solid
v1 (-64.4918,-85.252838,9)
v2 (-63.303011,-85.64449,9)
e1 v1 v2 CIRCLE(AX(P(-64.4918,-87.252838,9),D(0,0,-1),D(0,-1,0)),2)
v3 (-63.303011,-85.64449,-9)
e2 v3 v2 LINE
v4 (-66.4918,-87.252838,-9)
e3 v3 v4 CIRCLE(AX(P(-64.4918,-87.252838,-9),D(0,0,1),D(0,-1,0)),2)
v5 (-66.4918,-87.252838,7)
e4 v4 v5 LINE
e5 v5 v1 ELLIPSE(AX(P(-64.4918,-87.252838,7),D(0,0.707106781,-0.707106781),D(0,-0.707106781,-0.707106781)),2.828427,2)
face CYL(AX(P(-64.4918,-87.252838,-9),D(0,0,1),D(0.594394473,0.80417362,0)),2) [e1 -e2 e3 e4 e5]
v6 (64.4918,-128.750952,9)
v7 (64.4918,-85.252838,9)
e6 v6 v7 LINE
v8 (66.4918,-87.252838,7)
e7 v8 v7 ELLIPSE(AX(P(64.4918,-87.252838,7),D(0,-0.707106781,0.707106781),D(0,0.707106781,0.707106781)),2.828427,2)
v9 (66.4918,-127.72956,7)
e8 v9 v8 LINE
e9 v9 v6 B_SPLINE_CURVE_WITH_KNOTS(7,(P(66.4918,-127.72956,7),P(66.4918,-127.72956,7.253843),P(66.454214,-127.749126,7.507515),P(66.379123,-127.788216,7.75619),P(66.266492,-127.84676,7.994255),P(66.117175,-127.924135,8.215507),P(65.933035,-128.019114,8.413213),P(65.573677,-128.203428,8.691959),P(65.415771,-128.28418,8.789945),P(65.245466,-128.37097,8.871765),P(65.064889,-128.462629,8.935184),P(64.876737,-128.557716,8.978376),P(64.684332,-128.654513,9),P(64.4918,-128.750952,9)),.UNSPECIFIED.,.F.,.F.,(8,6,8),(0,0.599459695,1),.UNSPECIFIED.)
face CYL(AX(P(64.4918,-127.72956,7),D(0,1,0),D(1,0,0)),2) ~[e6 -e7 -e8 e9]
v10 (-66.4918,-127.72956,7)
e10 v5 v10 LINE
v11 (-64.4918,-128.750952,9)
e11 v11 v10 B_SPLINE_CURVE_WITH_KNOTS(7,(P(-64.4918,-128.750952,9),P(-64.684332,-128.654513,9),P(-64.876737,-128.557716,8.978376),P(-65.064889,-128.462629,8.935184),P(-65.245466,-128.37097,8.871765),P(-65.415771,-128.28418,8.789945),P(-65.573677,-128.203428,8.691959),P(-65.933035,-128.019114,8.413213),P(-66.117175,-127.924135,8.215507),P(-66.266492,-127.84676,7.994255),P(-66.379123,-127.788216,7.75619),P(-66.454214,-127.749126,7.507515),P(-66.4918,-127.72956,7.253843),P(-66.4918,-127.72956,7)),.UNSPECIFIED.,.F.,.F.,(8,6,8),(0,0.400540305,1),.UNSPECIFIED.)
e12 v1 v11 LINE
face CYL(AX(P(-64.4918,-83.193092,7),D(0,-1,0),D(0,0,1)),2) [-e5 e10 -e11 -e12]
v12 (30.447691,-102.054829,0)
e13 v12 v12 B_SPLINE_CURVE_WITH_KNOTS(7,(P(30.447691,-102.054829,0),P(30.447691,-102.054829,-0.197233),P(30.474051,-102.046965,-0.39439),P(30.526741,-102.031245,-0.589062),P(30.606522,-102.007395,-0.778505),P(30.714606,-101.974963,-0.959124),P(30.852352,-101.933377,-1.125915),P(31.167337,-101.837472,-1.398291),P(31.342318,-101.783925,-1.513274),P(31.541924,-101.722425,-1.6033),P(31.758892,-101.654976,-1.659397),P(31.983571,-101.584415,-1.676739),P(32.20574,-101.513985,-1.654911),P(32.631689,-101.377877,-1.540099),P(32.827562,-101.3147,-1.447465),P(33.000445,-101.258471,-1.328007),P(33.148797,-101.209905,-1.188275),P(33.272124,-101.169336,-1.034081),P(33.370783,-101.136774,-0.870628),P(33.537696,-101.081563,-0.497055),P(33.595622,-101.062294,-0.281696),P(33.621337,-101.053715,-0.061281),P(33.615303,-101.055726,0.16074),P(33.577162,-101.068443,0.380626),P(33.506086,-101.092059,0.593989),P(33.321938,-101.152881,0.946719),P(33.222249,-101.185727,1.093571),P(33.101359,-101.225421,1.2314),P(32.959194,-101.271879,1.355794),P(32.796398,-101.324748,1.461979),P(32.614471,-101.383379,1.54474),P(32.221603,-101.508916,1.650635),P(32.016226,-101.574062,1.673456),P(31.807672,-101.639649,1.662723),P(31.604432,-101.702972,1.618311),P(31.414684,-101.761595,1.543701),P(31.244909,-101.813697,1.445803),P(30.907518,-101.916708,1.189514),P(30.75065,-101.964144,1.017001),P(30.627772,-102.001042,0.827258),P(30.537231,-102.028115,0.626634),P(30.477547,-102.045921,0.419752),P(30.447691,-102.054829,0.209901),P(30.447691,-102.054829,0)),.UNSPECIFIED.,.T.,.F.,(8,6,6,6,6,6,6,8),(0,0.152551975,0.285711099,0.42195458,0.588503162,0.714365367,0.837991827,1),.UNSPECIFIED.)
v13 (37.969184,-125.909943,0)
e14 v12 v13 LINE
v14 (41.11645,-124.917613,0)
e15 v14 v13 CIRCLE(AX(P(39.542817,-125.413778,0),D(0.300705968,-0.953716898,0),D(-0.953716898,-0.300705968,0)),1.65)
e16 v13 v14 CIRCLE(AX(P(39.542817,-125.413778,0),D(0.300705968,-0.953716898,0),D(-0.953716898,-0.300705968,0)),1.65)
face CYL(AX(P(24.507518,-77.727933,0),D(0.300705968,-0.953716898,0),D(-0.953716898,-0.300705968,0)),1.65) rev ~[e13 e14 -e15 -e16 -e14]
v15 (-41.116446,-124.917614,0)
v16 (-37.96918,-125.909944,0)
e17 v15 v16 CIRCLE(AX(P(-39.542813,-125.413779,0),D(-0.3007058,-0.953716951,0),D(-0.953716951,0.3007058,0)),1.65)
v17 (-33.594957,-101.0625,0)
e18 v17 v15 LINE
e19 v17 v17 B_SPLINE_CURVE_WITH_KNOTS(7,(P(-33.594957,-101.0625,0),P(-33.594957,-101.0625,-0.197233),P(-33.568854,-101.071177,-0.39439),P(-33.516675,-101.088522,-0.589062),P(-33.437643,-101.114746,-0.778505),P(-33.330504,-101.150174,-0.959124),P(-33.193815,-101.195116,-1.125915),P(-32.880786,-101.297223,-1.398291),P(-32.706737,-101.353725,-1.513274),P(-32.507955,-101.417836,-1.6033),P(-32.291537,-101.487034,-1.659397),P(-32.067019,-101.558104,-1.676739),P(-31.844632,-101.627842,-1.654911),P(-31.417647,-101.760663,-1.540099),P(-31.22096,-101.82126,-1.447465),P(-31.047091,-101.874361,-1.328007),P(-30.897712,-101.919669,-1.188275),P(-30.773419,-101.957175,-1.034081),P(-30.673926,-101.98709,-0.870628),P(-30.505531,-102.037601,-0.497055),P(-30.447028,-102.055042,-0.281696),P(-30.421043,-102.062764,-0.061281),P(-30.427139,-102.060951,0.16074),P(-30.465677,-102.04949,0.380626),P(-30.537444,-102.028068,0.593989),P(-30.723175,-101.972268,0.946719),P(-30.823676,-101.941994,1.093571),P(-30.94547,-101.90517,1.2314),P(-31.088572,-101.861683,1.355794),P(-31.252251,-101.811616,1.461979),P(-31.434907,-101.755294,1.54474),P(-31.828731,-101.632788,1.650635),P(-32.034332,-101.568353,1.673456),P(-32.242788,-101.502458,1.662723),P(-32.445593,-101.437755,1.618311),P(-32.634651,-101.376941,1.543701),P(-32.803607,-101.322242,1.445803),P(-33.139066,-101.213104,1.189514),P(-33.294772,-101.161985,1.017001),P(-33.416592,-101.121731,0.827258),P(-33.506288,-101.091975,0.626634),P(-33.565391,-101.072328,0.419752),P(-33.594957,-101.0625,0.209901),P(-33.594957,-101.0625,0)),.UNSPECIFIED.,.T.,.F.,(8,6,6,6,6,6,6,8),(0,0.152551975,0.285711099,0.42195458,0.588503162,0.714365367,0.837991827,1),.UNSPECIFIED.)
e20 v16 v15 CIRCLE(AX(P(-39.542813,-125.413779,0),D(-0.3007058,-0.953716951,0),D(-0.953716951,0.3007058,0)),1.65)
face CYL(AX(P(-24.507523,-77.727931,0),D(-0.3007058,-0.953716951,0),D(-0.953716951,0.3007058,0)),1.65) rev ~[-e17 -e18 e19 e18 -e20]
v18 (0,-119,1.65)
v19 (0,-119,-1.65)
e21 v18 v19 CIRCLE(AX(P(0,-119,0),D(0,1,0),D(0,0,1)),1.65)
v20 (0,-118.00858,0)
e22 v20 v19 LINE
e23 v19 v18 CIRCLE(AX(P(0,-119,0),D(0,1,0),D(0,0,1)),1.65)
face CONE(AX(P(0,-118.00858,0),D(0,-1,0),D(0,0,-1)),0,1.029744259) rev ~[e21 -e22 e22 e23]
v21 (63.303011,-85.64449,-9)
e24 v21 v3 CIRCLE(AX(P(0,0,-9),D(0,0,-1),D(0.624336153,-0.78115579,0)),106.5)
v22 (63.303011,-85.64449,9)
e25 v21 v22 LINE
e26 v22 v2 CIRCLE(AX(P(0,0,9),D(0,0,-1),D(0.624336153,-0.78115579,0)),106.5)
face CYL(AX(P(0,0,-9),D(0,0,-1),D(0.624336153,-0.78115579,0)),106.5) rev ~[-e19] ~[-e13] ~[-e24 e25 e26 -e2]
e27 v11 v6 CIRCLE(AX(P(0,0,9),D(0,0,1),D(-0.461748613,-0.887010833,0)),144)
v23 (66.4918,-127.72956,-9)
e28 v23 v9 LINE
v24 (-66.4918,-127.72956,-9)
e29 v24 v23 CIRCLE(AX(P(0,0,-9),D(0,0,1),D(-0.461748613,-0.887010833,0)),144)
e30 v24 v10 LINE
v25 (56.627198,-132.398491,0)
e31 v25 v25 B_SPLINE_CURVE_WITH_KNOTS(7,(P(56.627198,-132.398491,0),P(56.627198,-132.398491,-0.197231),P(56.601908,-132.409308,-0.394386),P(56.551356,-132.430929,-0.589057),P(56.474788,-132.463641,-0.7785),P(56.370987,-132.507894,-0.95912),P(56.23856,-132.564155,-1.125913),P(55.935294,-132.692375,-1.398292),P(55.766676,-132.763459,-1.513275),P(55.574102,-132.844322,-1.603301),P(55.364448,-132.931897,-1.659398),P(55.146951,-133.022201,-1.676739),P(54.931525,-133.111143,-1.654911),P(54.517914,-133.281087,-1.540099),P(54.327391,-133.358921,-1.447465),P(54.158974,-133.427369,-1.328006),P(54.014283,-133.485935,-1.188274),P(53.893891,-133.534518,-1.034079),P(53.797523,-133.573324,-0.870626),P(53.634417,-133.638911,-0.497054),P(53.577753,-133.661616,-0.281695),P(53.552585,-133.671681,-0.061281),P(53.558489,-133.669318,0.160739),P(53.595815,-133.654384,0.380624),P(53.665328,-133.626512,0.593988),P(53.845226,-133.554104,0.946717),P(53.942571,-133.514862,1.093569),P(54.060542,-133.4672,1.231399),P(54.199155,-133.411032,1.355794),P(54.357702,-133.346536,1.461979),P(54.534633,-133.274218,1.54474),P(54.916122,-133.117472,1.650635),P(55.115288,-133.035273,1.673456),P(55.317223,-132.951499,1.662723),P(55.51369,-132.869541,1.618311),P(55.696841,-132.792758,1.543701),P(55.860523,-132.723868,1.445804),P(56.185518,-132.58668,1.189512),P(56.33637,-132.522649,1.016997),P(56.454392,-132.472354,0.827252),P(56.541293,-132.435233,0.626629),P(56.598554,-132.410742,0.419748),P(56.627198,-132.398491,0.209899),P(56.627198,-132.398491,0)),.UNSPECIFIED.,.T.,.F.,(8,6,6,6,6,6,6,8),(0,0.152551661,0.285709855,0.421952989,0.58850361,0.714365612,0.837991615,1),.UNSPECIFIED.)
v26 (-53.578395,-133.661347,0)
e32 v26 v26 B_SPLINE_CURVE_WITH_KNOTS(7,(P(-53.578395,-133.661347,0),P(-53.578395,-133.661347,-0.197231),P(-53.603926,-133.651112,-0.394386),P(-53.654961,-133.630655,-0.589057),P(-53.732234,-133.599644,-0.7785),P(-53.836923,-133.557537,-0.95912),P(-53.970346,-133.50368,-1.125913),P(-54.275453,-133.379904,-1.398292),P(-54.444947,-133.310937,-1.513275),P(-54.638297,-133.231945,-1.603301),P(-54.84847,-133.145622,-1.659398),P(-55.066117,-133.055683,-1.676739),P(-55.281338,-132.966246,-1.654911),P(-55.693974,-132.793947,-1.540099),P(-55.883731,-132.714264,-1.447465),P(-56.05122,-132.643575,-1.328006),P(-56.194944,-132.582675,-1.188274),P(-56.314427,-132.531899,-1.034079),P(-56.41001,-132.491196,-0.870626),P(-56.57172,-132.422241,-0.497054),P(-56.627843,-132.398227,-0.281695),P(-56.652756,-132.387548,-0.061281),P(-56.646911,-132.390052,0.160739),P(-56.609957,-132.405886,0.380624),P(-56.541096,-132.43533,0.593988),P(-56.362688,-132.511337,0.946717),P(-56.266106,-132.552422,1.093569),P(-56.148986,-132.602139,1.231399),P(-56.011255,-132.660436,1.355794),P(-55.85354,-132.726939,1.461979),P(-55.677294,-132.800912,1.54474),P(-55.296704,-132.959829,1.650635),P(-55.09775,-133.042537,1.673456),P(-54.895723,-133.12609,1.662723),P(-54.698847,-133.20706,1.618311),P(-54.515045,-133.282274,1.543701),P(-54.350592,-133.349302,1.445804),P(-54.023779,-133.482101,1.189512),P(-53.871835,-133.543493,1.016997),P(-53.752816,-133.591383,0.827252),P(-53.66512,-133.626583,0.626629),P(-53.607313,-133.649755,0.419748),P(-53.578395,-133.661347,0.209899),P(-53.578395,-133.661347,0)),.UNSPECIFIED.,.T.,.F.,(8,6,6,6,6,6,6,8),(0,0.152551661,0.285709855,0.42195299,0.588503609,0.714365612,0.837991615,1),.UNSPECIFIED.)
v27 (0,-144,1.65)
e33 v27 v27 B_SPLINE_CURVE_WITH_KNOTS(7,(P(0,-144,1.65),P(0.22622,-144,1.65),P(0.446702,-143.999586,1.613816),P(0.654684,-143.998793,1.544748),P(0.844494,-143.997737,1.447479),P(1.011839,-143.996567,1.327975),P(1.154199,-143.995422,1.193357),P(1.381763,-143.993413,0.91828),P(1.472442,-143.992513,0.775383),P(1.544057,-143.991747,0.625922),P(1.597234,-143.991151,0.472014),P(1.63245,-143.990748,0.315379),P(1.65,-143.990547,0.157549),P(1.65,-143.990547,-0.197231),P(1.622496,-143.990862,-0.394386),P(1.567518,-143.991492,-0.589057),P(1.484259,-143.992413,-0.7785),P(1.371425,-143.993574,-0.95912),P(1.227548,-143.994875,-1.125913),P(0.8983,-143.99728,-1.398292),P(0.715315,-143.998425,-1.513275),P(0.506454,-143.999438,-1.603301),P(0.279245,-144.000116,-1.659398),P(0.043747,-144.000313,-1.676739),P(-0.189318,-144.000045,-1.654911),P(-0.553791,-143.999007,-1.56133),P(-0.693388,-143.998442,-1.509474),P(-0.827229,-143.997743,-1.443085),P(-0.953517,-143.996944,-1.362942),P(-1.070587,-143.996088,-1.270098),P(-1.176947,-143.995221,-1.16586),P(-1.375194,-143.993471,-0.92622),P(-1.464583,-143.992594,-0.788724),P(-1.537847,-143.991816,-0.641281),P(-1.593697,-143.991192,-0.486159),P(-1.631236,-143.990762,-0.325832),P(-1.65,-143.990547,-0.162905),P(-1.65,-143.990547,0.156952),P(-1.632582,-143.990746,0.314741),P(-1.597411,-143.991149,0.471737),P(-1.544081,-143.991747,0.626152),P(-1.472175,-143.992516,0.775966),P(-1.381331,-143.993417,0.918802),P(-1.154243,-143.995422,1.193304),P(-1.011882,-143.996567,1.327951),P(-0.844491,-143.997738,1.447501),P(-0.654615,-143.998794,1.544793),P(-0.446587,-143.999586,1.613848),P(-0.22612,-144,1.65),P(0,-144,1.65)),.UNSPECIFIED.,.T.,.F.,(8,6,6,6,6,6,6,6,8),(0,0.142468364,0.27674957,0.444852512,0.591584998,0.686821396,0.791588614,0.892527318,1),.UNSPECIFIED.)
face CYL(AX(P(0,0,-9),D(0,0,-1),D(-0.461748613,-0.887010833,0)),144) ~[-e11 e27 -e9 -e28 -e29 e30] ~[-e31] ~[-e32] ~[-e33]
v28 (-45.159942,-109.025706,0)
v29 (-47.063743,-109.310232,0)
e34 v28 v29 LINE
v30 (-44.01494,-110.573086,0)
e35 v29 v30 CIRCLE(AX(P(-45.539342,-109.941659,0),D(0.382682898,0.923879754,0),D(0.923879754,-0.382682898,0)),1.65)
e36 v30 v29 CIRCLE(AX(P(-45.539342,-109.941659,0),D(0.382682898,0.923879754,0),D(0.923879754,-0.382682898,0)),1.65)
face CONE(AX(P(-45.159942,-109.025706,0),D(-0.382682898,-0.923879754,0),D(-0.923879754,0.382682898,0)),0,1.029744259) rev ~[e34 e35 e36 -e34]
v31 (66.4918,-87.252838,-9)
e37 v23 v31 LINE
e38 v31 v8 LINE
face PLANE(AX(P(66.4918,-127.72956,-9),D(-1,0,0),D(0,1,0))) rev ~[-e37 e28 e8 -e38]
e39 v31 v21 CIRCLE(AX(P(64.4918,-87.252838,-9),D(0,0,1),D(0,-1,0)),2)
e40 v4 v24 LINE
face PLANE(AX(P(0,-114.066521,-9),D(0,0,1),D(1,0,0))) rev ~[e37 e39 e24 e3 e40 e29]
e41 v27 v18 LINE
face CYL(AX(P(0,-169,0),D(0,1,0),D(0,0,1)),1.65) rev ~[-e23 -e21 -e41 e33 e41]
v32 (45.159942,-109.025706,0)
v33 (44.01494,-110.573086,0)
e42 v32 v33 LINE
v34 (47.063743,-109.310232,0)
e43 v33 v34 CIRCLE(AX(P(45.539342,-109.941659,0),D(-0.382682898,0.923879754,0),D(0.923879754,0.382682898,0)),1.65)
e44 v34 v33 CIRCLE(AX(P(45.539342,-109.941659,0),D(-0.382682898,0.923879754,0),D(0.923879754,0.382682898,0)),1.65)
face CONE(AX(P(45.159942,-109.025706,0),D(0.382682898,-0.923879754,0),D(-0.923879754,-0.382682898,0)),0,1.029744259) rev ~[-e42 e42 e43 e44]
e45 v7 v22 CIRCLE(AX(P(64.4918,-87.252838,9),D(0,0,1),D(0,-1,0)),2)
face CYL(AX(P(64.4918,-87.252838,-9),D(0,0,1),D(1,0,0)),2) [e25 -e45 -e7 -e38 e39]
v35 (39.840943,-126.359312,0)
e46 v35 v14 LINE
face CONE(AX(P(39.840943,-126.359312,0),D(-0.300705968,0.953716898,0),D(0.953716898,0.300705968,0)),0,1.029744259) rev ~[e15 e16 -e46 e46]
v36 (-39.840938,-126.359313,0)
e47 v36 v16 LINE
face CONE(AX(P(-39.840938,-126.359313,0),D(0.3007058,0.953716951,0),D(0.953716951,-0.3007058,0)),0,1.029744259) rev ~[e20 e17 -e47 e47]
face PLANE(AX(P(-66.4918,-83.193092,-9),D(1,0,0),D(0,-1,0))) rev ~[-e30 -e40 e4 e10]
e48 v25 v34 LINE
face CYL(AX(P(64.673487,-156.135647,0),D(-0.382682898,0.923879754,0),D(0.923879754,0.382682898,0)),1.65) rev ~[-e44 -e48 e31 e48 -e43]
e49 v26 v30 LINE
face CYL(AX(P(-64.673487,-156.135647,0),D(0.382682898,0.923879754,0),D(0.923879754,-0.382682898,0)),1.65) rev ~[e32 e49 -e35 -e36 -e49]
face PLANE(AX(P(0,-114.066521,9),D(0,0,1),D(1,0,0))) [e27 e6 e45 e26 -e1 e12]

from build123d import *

# Parameters (mm, degrees)
BOSS_EXTRUDE1_DEPTH                   = 9
BOSS_EXTRUDE1_DEPTH_BACK              = 9
TAP_DRILL_FOR_M4_TAP1_D               = 3.3
TAP_DRILL_FOR_M4_TAP1_DEPTH           = 25
TAP_DRILL_FOR_M4_TAP1_TIP             = 0.991420021
TAP_DRILL_FOR_M4_TAP1_ON_FACE_2_D     = 3.3
TAP_DRILL_FOR_M4_TAP1_ON_FACE_2_DEPTH = 25
TAP_DRILL_FOR_M4_TAP1_ON_FACE_2_TIP   = 0.991420021
TAP_DRILL_FOR_M4_TAP1_ON_FACE_3_D     = 3.3
TAP_DRILL_FOR_M4_TAP1_ON_FACE_3_DEPTH = 25
TAP_DRILL_FOR_M4_TAP1_ON_FACE_3_TIP   = 0.991420021
TAP_DRILL_FOR_M4_TAP1_ON_FACE_4_D     = 3.3
TAP_DRILL_FOR_M4_TAP1_ON_FACE_4_DEPTH = 25
TAP_DRILL_FOR_M4_TAP1_ON_FACE_4_TIP   = 0.991420021
TAP_DRILL_FOR_M4_TAP1_ON_FACE_5_D     = 3.3
TAP_DRILL_FOR_M4_TAP1_ON_FACE_5_DEPTH = 25
TAP_DRILL_FOR_M4_TAP1_ON_FACE_5_TIP   = 0.991420021
FILLET2_R                             = 2


with BuildPart() as part:
    # Sketch1 → Boss-Extrude1 (new, two sides: drawn at the far end of the back side and taken through both)
    with BuildSketch(Plane.XY.offset(-BOSS_EXTRUDE1_DEPTH_BACK)):
        with BuildLine():
            Line((66.491800306, -127.729559978), (66.491800306, -83.193091613))
            ThreePointArc((66.491800306, -83.193091613), (0, -106.5), (-66.491800306, -83.193091613))
            Line((-66.491800306, -83.193091613), (-66.491800306, -127.729559978))
            ThreePointArc((-66.491800306, -127.729559978), (0, -144), (66.491800306, -127.729559978))
        make_face()
    extrude(amount=BOSS_EXTRUDE1_DEPTH + BOSS_EXTRUDE1_DEPTH_BACK)

    # Tap Drill for M4 Tap1
    with Locations(Plane(origin=(-32.025167647, -101.570855255, 0), x_dir=(0.953716950748, -0.300705799504, 0), z_dir=(0.300705799504, 0.953716950748, 0))):
        with Locations((0, 0)):
            Hole(TAP_DRILL_FOR_M4_TAP1_D / 2, depth=TAP_DRILL_FOR_M4_TAP1_DEPTH)
            with Locations((0, 0, -(TAP_DRILL_FOR_M4_TAP1_DEPTH + TAP_DRILL_FOR_M4_TAP1_TIP / 2))):  # 118° drill point
                Cone(0, TAP_DRILL_FOR_M4_TAP1_D / 2, TAP_DRILL_FOR_M4_TAP1_TIP, mode=Mode.SUBTRACT)

    # Tap Drill for M4 Tap1 on face 2
    with Locations(Plane(origin=(32.025167647, -101.570855255, 0), x_dir=(0.953716897702, 0.300705967746, 0), z_dir=(-0.300705967746, 0.953716897702, 0))):
        with Locations((0, 0)):
            Hole(TAP_DRILL_FOR_M4_TAP1_ON_FACE_2_D / 2, depth=TAP_DRILL_FOR_M4_TAP1_ON_FACE_2_DEPTH)
            with Locations((0, 0, -(TAP_DRILL_FOR_M4_TAP1_ON_FACE_2_DEPTH + TAP_DRILL_FOR_M4_TAP1_ON_FACE_2_TIP / 2))):  # 118° drill point
                Cone(0, TAP_DRILL_FOR_M4_TAP1_ON_FACE_2_D / 2, TAP_DRILL_FOR_M4_TAP1_ON_FACE_2_TIP, mode=Mode.SUBTRACT)

    # Tap Drill for M4 Tap1 on face 3
    with Locations(Plane(origin=(-55.106414261, -133.038652682, 0), x_dir=(-0.923879753837, 0.382682898036, 0), z_dir=(-0.382682898036, -0.923879753837, 0))):
        with Locations((0, 0)):
            Hole(TAP_DRILL_FOR_M4_TAP1_ON_FACE_3_D / 2, depth=TAP_DRILL_FOR_M4_TAP1_ON_FACE_3_DEPTH)
            with Locations((0, 0, -(TAP_DRILL_FOR_M4_TAP1_ON_FACE_3_DEPTH + TAP_DRILL_FOR_M4_TAP1_ON_FACE_3_TIP / 2))):  # 118° drill point
                Cone(0, TAP_DRILL_FOR_M4_TAP1_ON_FACE_3_D / 2, TAP_DRILL_FOR_M4_TAP1_ON_FACE_3_TIP, mode=Mode.SUBTRACT)

    # Tap Drill for M4 Tap1 on face 4
    with Locations(Plane(origin=(0, -144, 0), x_dir=(0, 0, -1), z_dir=(0, -1, 0))):
        with Locations((0, 0)):
            Hole(TAP_DRILL_FOR_M4_TAP1_ON_FACE_4_D / 2, depth=TAP_DRILL_FOR_M4_TAP1_ON_FACE_4_DEPTH)
            with Locations((0, 0, -(TAP_DRILL_FOR_M4_TAP1_ON_FACE_4_DEPTH + TAP_DRILL_FOR_M4_TAP1_ON_FACE_4_TIP / 2))):  # 118° drill point
                Cone(0, TAP_DRILL_FOR_M4_TAP1_ON_FACE_4_D / 2, TAP_DRILL_FOR_M4_TAP1_ON_FACE_4_TIP, mode=Mode.SUBTRACT)

    # Tap Drill for M4 Tap1 on face 5
    with Locations(Plane(origin=(55.106414261, -133.038652682, 0), x_dir=(-0.923879753837, -0.382682898036, 0), z_dir=(0.382682898036, -0.923879753837, 0))):
        with Locations((0, 0)):
            Hole(TAP_DRILL_FOR_M4_TAP1_ON_FACE_5_D / 2, depth=TAP_DRILL_FOR_M4_TAP1_ON_FACE_5_DEPTH)
            with Locations((0, 0, -(TAP_DRILL_FOR_M4_TAP1_ON_FACE_5_DEPTH + TAP_DRILL_FOR_M4_TAP1_ON_FACE_5_TIP / 2))):  # 118° drill point
                Cone(0, TAP_DRILL_FOR_M4_TAP1_ON_FACE_5_D / 2, TAP_DRILL_FOR_M4_TAP1_ON_FACE_5_TIP, mode=Mode.SUBTRACT)

    # Fillet2
    fillet2_edges = [part.edges().sort_by_distance(p)[0] for p in [
        (-66.491800306, -105.461325795, 9),
        (66.491800306, -105.461325795, 9),
        (66.491800306, -83.193091613, 0),
        (-66.491800306, -83.193091613, 0),
    ]]
    fillet(fillet2_edges, radius=FILLET2_R)


solid = part.part
